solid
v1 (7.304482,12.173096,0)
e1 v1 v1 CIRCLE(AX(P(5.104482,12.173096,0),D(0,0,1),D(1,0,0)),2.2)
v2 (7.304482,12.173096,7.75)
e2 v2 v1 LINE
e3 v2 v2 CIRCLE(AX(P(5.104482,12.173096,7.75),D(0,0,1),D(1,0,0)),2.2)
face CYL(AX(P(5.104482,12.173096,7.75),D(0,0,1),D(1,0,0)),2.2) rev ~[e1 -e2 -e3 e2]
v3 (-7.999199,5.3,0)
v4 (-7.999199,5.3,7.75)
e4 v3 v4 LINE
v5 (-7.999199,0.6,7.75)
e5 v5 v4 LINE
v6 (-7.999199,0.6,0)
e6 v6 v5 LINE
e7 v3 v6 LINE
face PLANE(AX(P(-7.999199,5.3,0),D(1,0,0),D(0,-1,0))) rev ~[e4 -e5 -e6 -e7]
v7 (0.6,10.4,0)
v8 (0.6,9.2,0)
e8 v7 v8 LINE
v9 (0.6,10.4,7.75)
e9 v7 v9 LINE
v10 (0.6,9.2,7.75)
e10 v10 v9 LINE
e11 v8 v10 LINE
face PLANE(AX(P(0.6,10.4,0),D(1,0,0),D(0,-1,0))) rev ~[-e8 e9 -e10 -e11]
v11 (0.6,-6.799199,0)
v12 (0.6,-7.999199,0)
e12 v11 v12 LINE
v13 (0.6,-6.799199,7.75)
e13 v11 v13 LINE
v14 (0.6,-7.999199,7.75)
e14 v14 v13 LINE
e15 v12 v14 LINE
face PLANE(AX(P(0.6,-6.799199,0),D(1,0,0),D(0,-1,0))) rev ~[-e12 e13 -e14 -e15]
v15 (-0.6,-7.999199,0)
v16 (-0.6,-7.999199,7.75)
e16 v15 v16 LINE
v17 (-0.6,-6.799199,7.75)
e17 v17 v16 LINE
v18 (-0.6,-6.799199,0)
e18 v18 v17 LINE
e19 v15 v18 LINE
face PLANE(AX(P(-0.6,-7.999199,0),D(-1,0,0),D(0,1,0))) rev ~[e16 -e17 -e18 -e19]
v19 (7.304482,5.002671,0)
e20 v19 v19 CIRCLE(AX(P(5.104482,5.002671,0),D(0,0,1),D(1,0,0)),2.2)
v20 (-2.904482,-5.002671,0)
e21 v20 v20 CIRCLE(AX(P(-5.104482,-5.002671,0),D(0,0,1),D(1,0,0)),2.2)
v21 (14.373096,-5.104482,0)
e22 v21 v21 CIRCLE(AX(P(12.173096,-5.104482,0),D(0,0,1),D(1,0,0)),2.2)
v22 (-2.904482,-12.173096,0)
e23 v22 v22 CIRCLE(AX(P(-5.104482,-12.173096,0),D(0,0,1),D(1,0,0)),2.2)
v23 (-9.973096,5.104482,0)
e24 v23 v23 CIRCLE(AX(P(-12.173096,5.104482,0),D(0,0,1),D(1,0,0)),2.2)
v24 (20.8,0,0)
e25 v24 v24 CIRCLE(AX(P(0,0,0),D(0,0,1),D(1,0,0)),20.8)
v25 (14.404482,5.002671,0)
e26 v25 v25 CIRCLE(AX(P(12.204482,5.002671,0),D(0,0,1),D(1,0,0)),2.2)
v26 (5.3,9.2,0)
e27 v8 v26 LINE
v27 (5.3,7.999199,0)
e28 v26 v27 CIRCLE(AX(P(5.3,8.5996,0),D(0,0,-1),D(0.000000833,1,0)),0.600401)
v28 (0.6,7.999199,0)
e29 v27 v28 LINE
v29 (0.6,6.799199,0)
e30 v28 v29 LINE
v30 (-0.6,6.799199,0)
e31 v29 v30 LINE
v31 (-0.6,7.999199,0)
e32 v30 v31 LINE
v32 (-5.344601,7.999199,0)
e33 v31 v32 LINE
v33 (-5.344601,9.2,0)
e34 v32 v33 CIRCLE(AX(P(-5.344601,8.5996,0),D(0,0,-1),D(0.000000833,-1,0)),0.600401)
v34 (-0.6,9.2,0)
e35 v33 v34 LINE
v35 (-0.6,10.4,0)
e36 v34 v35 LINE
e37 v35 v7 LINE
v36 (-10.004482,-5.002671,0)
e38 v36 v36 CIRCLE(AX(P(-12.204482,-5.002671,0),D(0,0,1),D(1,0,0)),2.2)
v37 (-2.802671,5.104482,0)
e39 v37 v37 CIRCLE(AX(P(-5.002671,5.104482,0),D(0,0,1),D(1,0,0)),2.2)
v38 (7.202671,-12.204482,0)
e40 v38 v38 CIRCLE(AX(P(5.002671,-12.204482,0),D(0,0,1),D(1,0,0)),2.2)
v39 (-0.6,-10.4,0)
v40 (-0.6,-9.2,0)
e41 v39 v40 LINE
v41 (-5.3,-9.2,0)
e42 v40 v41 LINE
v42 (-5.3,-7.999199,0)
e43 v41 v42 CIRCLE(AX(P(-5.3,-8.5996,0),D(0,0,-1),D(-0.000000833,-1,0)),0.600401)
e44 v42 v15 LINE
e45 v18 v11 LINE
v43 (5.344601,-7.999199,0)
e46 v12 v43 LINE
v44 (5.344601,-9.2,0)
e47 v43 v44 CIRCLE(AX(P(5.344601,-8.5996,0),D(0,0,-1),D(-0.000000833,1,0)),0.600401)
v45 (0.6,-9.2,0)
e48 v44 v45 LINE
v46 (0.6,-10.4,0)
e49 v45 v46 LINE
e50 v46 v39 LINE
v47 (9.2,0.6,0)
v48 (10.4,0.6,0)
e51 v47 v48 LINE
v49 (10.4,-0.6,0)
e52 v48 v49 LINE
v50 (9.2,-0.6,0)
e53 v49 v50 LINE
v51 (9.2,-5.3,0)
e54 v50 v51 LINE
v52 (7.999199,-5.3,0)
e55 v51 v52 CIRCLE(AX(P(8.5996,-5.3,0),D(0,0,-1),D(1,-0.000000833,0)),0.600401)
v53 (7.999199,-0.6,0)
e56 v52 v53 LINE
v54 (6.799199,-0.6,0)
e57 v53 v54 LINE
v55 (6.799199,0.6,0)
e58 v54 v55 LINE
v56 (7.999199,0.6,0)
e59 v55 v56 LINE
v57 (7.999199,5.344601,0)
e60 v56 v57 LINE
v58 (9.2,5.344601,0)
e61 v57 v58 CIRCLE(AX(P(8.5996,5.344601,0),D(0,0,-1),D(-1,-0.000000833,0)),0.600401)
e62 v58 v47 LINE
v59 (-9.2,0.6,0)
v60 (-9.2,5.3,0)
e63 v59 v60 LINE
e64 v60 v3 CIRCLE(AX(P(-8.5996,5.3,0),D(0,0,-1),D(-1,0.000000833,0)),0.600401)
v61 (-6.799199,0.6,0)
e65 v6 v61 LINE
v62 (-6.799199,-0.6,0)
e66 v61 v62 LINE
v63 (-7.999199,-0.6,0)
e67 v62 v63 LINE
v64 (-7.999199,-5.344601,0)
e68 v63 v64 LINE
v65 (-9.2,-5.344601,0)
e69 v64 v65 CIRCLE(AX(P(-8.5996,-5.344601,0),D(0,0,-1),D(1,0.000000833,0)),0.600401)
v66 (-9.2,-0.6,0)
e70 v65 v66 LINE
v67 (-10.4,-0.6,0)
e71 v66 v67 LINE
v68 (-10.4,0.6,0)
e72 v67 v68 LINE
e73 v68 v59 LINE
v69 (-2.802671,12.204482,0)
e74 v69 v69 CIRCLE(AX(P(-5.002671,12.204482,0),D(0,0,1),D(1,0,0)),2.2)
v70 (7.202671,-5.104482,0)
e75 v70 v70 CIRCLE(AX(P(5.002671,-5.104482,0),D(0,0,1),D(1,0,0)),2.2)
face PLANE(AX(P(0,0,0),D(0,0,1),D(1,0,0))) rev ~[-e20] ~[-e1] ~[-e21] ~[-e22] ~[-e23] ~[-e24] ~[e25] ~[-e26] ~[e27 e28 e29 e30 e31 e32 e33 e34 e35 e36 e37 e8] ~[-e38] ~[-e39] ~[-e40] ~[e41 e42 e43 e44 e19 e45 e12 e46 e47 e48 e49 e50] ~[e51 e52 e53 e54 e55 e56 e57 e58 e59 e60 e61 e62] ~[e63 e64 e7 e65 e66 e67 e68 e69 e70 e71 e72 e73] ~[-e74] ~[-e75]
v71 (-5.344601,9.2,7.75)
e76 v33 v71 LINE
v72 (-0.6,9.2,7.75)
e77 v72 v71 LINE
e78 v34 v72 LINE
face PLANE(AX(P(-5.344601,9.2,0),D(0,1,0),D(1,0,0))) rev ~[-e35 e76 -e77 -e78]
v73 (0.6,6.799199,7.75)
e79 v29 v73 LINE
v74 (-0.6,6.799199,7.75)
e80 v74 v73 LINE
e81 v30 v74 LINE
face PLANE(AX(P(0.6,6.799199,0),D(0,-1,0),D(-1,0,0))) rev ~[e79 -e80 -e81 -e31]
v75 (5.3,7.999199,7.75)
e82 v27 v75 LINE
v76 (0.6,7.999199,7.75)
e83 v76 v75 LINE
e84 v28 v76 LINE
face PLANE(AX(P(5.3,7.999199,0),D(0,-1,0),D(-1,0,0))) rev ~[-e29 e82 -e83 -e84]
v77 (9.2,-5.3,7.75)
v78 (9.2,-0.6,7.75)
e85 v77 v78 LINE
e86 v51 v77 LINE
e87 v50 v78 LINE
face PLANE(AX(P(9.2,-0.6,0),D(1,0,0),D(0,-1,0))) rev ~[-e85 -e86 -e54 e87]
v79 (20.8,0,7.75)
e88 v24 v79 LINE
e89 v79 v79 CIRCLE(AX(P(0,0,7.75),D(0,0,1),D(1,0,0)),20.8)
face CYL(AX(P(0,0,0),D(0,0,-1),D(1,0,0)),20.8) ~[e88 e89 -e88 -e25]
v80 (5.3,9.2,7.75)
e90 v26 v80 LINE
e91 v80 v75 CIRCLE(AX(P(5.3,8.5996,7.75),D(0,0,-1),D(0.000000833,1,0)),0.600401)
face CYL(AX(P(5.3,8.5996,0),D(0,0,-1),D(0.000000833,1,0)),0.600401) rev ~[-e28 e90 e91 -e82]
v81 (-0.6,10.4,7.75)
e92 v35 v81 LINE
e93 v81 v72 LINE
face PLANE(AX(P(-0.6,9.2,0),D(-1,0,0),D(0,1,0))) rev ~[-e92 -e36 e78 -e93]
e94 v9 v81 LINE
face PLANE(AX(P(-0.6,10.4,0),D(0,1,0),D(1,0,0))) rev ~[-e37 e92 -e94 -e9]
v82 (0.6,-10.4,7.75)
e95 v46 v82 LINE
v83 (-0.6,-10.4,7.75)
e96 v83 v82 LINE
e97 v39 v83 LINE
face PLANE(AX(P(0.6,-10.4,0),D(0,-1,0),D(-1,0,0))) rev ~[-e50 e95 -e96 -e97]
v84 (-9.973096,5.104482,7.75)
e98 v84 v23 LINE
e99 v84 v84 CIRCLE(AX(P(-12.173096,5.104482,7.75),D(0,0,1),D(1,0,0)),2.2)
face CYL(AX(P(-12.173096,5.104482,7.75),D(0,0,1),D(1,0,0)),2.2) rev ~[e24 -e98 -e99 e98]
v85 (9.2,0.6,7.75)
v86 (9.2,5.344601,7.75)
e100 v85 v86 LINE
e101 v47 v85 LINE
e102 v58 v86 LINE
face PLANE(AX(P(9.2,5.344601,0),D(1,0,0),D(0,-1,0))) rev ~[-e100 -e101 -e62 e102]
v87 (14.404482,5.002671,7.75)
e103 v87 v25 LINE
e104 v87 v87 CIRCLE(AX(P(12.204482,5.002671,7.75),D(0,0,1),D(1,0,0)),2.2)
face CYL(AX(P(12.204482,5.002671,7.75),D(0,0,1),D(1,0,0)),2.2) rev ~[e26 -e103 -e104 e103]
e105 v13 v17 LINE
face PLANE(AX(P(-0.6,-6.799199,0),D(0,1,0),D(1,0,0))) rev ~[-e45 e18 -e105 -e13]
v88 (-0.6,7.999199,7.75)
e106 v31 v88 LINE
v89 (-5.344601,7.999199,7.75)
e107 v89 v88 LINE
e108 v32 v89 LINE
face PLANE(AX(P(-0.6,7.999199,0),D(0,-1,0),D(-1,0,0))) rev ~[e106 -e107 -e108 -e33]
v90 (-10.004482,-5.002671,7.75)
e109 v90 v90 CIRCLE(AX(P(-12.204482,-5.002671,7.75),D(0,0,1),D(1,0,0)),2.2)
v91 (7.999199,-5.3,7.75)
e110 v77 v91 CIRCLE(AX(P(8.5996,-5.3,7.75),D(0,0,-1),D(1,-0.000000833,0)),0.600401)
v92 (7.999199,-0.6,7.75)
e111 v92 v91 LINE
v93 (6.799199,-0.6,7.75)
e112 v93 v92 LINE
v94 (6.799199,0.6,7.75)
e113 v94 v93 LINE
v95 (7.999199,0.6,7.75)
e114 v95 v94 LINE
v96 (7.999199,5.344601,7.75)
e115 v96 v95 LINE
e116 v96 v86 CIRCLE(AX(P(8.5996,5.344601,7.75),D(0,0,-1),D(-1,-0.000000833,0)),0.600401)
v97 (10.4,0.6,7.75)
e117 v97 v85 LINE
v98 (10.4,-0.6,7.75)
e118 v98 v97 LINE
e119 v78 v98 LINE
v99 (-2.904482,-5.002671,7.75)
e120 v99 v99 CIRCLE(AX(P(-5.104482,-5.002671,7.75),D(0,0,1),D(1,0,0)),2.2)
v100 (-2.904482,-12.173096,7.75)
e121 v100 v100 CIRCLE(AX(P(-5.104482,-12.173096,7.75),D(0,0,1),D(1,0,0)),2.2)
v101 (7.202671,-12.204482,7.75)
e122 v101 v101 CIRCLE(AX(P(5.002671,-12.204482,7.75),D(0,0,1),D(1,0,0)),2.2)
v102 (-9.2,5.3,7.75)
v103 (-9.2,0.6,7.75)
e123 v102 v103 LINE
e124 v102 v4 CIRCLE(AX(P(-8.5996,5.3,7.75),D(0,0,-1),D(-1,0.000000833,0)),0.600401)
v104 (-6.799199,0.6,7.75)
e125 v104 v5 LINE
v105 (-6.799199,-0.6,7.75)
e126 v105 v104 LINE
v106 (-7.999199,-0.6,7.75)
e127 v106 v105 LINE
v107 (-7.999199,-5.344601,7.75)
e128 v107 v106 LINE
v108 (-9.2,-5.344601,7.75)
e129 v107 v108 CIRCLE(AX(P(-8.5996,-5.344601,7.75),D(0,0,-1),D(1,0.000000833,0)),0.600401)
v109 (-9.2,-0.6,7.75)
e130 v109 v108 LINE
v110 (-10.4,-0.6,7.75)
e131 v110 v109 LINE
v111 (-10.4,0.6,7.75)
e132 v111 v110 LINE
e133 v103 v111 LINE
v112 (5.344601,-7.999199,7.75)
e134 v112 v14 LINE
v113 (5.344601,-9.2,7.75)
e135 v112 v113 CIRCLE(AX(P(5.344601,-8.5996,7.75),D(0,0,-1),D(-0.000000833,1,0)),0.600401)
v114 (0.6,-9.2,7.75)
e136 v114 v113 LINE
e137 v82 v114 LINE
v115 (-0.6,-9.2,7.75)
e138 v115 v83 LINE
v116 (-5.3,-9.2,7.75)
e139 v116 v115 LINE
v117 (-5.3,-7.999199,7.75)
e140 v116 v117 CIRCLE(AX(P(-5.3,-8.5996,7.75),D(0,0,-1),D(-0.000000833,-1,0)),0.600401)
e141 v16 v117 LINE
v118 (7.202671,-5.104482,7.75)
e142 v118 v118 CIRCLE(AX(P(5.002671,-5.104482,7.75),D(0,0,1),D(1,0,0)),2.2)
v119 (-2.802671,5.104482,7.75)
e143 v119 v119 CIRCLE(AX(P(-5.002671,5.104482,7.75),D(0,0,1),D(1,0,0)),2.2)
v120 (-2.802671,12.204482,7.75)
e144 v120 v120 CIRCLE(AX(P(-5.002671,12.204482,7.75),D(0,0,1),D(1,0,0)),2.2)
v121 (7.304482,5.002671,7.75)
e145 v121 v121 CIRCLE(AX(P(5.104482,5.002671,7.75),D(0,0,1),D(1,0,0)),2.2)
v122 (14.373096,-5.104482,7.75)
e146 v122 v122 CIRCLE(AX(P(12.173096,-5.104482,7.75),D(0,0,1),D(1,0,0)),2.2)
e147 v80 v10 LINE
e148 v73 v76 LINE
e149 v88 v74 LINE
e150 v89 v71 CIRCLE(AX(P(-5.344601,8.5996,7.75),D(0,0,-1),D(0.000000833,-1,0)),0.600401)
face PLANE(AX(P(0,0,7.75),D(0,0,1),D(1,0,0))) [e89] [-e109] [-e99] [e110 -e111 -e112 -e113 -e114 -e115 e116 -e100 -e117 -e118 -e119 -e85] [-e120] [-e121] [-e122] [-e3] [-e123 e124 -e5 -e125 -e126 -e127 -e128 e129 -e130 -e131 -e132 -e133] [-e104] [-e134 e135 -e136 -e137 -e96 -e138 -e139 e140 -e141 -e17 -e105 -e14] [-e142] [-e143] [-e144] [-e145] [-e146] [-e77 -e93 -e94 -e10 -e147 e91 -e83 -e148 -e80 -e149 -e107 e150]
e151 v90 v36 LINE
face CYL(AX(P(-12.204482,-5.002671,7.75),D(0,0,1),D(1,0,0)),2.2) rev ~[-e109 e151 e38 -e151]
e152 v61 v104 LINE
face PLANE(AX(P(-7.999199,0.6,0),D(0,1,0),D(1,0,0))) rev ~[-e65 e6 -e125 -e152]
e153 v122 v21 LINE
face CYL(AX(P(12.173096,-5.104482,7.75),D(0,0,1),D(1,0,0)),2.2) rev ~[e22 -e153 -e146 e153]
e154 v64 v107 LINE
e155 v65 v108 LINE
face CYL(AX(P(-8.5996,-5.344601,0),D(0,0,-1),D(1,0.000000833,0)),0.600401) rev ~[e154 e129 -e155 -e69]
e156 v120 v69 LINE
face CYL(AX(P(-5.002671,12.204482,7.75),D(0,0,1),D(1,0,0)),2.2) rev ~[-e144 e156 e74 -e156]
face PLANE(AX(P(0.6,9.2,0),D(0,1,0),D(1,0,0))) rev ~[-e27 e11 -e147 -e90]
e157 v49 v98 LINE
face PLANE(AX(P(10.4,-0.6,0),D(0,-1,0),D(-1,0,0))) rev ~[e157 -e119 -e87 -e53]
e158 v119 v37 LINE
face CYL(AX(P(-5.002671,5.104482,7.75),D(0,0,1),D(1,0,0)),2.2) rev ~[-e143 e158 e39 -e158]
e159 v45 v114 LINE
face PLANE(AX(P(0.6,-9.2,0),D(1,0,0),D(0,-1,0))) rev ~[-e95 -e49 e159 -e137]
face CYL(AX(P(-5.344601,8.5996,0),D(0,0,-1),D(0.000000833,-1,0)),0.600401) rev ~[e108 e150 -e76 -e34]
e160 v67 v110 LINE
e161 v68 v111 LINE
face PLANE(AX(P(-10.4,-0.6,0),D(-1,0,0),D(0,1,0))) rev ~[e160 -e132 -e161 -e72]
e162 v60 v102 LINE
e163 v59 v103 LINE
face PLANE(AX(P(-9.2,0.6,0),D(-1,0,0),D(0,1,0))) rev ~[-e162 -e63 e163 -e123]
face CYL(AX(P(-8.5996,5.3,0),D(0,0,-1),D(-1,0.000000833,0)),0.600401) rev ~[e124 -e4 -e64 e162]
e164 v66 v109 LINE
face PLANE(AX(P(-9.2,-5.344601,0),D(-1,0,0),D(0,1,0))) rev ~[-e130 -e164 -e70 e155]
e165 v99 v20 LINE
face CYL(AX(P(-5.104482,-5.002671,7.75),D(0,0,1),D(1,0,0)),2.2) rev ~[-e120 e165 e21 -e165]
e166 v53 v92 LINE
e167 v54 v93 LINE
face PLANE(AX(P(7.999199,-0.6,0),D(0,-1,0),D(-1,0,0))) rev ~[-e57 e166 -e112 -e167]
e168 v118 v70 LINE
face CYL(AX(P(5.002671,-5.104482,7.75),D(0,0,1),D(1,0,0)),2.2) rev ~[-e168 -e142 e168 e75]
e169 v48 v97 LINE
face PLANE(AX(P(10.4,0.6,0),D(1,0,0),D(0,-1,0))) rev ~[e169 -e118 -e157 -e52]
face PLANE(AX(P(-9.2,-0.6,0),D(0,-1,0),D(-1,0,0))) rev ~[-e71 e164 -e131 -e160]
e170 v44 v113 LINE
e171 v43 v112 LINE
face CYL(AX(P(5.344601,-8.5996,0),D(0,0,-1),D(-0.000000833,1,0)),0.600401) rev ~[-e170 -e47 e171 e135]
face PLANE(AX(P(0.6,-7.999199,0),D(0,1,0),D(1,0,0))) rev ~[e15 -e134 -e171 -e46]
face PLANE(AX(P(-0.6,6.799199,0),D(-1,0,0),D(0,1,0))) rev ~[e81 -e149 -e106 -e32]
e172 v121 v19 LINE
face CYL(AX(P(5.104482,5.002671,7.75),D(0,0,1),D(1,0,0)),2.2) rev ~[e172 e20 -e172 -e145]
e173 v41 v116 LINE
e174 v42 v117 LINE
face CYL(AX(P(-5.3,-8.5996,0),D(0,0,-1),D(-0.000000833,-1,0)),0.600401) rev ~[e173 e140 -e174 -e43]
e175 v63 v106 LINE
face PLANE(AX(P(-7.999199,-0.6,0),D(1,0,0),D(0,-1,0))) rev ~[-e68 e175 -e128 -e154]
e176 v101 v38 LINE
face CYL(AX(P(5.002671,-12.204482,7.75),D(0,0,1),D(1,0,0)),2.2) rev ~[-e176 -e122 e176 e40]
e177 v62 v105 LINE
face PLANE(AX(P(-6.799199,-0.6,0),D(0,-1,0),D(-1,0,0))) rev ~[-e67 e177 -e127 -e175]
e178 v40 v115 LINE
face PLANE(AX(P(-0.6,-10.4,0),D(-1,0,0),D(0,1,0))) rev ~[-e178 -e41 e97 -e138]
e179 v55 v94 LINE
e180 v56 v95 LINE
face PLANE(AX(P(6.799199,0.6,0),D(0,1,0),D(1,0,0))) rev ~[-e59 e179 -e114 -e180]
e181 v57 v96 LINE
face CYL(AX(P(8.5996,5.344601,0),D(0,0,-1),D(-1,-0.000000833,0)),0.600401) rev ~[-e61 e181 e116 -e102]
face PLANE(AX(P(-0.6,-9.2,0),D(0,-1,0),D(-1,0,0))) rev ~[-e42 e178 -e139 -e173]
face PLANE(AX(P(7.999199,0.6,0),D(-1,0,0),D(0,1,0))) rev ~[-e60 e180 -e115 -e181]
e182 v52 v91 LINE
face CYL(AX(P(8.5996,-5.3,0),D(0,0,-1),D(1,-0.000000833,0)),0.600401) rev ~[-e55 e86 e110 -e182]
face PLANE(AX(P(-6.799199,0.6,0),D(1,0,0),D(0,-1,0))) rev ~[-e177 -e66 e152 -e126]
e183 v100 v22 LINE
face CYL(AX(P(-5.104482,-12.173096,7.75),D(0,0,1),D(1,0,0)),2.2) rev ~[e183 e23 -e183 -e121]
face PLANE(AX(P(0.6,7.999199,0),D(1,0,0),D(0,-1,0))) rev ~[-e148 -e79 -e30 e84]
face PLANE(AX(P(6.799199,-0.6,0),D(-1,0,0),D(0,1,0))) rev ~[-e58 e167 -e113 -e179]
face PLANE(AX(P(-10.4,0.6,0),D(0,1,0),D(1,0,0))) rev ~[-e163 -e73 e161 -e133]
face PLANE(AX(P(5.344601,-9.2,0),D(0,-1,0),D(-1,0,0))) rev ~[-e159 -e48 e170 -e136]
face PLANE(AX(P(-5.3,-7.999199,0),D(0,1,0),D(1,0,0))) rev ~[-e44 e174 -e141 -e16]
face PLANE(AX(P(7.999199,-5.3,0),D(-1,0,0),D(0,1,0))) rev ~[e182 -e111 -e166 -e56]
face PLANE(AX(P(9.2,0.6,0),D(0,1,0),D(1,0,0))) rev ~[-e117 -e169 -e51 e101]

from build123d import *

# Parameters (mm, degrees)
F0_R     = 20.8
F1_DEPTH = 7.75
F2_R     = 2.2
F3_DEPTH = 7.751
F5_DEPTH = 7.751


with BuildPart() as f1:
    # F0 (on Top) → F1 (new body)
    with BuildSketch(Plane.XY):
        Circle(F0_R)
    extrude(amount=F1_DEPTH)

    # F2 (on face) → F3 (cut, through all)
    with BuildSketch(Plane.XY.offset(7.75)):
        with Locations((-5.002671, 12.204482)):
            Circle(F2_R)
        with Locations((-5.002671, 5.104482)):
            Circle(F2_R)
        with Locations((-12.173096, 5.104482)):
            Circle(F2_R)
        with Locations((-12.204482, -5.002671)):
            Circle(F2_R)
        with Locations((-5.104482, -5.002671)):
            Circle(F2_R)
        with Locations((-5.104482, -12.173096)):
            Circle(F2_R)
        with Locations((5.002671, -12.204482)):
            Circle(F2_R)
        with Locations((5.002671, -5.104482)):
            Circle(F2_R)
        with Locations((12.173096, -5.104482)):
            Circle(F2_R)
        with Locations((12.204482, 5.002671)):
            Circle(F2_R)
        with Locations((5.104482, 5.002671)):
            Circle(F2_R)
        with Locations((5.104482, 12.173096)):
            Circle(F2_R)
    extrude(amount=-F3_DEPTH, mode=Mode.SUBTRACT)

    # F4 (on face) → F5 (cut, through all)
    with BuildSketch(Plane(origin=(0, 0, 0), x_dir=(1, 0, 0), z_dir=(0, 0, -1))):
        with BuildLine():
            Line((6.799199, 0.6), (6.799199, -0.6))
            Line((6.799199, -0.6), (7.999199, -0.6))
            Line((7.999199, -0.6), (7.999199, -1.8))
            Line((7.999199, -1.8), (7.999199, -5.344601))
            ThreePointArc((7.999199, -5.344601), (8.5996, -5.945002), (9.2, -5.344601))
            Line((9.2, -5.344601), (9.2, -1.8))
            Line((9.2, -1.8), (9.2, -0.6))
            Line((9.2, -0.6), (10.4, -0.6))
            Line((10.4, -0.6), (10.4, 0.6))
            Line((10.4, 0.6), (9.2, 0.6))
            Line((9.2, 0.6), (9.2, 1.8))
            Line((9.2, 1.8), (9.2, 5.3))
            ThreePointArc((9.2, 5.3), (8.5996, 5.9004), (7.999199, 5.3))
            Line((7.999199, 5.3), (7.999199, 1.8))
            Line((7.999199, 1.8), (7.999199, 0.6))
            Line((7.999199, 0.6), (6.799199, 0.6))
        make_face()
        with BuildLine():
            Line((-1.8, 9.2), (-5.3, 9.2))
            ThreePointArc((-5.3, 9.2), (-5.9004, 8.5996), (-5.3, 7.999199))
            Line((-5.3, 7.999199), (-1.8, 7.999199))
            Line((-1.8, 7.999199), (-0.6, 7.999199))
            Line((-0.6, 7.999199), (-0.6, 6.799199))
            Line((-0.6, 6.799199), (0.6, 6.799199))
            Line((0.6, 6.799199), (0.6, 7.999199))
            Line((0.6, 7.999199), (1.8, 7.999199))
            Line((1.8, 7.999199), (5.344601, 7.999199))
            ThreePointArc((5.344601, 7.999199), (5.945002, 8.5996), (5.344601, 9.2))
            Line((5.344601, 9.2), (1.8, 9.2))
            Line((1.8, 9.2), (0.6, 9.2))
            Line((0.6, 9.2), (0.6, 10.4))
            Line((0.6, 10.4), (-0.6, 10.4))
            Line((-0.6, 10.4), (-0.6, 9.2))
            Line((-0.6, 9.2), (-1.8, 9.2))
        make_face()
        with BuildLine():
            Line((-9.2, -1.8), (-9.2, -5.3))
            ThreePointArc((-9.2, -5.3), (-8.5996, -5.9004), (-7.999199, -5.3))
            Line((-7.999199, -5.3), (-7.999199, -1.8))
            Line((-7.999199, -1.8), (-7.999199, -0.6))
            Line((-7.999199, -0.6), (-6.799199, -0.6))
            Line((-6.799199, -0.6), (-6.799199, 0.6))
            Line((-6.799199, 0.6), (-7.999199, 0.6))
            Line((-7.999199, 0.6), (-7.999199, 1.8))
            Line((-7.999199, 1.8), (-7.999199, 5.344601))
            ThreePointArc((-7.999199, 5.344601), (-8.5996, 5.945002), (-9.2, 5.344601))
            Line((-9.2, 5.344601), (-9.2, 1.8))
            Line((-9.2, 1.8), (-9.2, 0.6))
            Line((-9.2, 0.6), (-10.4, 0.6))
            Line((-10.4, 0.6), (-10.4, -0.6))
            Line((-10.4, -0.6), (-9.2, -0.6))
            Line((-9.2, -0.6), (-9.2, -1.8))
        make_face()
        with BuildLine():
            Line((1.8, -9.2), (5.3, -9.2))
            ThreePointArc((5.3, -9.2), (5.9004, -8.5996), (5.3, -7.999199))
            Line((5.3, -7.999199), (1.8, -7.999199))
            Line((1.8, -7.999199), (0.6, -7.999199))
            Line((0.6, -7.999199), (0.6, -6.799199))
            Line((0.6, -6.799199), (-0.6, -6.799199))
            Line((-0.6, -6.799199), (-0.6, -7.999199))
            Line((-0.6, -7.999199), (-1.8, -7.999199))
            Line((-1.8, -7.999199), (-5.344601, -7.999199))
            ThreePointArc((-5.344601, -7.999199), (-5.945002, -8.5996), (-5.344601, -9.2))
            Line((-5.344601, -9.2), (-1.8, -9.2))
            Line((-1.8, -9.2), (-0.6, -9.2))
            Line((-0.6, -9.2), (-0.6, -10.4))
            Line((-0.6, -10.4), (0.6, -10.4))
            Line((0.6, -10.4), (0.6, -9.2))
            Line((0.6, -9.2), (1.8, -9.2))
        make_face()
    extrude(amount=-F5_DEPTH, mode=Mode.SUBTRACT)


solid = f1.part
